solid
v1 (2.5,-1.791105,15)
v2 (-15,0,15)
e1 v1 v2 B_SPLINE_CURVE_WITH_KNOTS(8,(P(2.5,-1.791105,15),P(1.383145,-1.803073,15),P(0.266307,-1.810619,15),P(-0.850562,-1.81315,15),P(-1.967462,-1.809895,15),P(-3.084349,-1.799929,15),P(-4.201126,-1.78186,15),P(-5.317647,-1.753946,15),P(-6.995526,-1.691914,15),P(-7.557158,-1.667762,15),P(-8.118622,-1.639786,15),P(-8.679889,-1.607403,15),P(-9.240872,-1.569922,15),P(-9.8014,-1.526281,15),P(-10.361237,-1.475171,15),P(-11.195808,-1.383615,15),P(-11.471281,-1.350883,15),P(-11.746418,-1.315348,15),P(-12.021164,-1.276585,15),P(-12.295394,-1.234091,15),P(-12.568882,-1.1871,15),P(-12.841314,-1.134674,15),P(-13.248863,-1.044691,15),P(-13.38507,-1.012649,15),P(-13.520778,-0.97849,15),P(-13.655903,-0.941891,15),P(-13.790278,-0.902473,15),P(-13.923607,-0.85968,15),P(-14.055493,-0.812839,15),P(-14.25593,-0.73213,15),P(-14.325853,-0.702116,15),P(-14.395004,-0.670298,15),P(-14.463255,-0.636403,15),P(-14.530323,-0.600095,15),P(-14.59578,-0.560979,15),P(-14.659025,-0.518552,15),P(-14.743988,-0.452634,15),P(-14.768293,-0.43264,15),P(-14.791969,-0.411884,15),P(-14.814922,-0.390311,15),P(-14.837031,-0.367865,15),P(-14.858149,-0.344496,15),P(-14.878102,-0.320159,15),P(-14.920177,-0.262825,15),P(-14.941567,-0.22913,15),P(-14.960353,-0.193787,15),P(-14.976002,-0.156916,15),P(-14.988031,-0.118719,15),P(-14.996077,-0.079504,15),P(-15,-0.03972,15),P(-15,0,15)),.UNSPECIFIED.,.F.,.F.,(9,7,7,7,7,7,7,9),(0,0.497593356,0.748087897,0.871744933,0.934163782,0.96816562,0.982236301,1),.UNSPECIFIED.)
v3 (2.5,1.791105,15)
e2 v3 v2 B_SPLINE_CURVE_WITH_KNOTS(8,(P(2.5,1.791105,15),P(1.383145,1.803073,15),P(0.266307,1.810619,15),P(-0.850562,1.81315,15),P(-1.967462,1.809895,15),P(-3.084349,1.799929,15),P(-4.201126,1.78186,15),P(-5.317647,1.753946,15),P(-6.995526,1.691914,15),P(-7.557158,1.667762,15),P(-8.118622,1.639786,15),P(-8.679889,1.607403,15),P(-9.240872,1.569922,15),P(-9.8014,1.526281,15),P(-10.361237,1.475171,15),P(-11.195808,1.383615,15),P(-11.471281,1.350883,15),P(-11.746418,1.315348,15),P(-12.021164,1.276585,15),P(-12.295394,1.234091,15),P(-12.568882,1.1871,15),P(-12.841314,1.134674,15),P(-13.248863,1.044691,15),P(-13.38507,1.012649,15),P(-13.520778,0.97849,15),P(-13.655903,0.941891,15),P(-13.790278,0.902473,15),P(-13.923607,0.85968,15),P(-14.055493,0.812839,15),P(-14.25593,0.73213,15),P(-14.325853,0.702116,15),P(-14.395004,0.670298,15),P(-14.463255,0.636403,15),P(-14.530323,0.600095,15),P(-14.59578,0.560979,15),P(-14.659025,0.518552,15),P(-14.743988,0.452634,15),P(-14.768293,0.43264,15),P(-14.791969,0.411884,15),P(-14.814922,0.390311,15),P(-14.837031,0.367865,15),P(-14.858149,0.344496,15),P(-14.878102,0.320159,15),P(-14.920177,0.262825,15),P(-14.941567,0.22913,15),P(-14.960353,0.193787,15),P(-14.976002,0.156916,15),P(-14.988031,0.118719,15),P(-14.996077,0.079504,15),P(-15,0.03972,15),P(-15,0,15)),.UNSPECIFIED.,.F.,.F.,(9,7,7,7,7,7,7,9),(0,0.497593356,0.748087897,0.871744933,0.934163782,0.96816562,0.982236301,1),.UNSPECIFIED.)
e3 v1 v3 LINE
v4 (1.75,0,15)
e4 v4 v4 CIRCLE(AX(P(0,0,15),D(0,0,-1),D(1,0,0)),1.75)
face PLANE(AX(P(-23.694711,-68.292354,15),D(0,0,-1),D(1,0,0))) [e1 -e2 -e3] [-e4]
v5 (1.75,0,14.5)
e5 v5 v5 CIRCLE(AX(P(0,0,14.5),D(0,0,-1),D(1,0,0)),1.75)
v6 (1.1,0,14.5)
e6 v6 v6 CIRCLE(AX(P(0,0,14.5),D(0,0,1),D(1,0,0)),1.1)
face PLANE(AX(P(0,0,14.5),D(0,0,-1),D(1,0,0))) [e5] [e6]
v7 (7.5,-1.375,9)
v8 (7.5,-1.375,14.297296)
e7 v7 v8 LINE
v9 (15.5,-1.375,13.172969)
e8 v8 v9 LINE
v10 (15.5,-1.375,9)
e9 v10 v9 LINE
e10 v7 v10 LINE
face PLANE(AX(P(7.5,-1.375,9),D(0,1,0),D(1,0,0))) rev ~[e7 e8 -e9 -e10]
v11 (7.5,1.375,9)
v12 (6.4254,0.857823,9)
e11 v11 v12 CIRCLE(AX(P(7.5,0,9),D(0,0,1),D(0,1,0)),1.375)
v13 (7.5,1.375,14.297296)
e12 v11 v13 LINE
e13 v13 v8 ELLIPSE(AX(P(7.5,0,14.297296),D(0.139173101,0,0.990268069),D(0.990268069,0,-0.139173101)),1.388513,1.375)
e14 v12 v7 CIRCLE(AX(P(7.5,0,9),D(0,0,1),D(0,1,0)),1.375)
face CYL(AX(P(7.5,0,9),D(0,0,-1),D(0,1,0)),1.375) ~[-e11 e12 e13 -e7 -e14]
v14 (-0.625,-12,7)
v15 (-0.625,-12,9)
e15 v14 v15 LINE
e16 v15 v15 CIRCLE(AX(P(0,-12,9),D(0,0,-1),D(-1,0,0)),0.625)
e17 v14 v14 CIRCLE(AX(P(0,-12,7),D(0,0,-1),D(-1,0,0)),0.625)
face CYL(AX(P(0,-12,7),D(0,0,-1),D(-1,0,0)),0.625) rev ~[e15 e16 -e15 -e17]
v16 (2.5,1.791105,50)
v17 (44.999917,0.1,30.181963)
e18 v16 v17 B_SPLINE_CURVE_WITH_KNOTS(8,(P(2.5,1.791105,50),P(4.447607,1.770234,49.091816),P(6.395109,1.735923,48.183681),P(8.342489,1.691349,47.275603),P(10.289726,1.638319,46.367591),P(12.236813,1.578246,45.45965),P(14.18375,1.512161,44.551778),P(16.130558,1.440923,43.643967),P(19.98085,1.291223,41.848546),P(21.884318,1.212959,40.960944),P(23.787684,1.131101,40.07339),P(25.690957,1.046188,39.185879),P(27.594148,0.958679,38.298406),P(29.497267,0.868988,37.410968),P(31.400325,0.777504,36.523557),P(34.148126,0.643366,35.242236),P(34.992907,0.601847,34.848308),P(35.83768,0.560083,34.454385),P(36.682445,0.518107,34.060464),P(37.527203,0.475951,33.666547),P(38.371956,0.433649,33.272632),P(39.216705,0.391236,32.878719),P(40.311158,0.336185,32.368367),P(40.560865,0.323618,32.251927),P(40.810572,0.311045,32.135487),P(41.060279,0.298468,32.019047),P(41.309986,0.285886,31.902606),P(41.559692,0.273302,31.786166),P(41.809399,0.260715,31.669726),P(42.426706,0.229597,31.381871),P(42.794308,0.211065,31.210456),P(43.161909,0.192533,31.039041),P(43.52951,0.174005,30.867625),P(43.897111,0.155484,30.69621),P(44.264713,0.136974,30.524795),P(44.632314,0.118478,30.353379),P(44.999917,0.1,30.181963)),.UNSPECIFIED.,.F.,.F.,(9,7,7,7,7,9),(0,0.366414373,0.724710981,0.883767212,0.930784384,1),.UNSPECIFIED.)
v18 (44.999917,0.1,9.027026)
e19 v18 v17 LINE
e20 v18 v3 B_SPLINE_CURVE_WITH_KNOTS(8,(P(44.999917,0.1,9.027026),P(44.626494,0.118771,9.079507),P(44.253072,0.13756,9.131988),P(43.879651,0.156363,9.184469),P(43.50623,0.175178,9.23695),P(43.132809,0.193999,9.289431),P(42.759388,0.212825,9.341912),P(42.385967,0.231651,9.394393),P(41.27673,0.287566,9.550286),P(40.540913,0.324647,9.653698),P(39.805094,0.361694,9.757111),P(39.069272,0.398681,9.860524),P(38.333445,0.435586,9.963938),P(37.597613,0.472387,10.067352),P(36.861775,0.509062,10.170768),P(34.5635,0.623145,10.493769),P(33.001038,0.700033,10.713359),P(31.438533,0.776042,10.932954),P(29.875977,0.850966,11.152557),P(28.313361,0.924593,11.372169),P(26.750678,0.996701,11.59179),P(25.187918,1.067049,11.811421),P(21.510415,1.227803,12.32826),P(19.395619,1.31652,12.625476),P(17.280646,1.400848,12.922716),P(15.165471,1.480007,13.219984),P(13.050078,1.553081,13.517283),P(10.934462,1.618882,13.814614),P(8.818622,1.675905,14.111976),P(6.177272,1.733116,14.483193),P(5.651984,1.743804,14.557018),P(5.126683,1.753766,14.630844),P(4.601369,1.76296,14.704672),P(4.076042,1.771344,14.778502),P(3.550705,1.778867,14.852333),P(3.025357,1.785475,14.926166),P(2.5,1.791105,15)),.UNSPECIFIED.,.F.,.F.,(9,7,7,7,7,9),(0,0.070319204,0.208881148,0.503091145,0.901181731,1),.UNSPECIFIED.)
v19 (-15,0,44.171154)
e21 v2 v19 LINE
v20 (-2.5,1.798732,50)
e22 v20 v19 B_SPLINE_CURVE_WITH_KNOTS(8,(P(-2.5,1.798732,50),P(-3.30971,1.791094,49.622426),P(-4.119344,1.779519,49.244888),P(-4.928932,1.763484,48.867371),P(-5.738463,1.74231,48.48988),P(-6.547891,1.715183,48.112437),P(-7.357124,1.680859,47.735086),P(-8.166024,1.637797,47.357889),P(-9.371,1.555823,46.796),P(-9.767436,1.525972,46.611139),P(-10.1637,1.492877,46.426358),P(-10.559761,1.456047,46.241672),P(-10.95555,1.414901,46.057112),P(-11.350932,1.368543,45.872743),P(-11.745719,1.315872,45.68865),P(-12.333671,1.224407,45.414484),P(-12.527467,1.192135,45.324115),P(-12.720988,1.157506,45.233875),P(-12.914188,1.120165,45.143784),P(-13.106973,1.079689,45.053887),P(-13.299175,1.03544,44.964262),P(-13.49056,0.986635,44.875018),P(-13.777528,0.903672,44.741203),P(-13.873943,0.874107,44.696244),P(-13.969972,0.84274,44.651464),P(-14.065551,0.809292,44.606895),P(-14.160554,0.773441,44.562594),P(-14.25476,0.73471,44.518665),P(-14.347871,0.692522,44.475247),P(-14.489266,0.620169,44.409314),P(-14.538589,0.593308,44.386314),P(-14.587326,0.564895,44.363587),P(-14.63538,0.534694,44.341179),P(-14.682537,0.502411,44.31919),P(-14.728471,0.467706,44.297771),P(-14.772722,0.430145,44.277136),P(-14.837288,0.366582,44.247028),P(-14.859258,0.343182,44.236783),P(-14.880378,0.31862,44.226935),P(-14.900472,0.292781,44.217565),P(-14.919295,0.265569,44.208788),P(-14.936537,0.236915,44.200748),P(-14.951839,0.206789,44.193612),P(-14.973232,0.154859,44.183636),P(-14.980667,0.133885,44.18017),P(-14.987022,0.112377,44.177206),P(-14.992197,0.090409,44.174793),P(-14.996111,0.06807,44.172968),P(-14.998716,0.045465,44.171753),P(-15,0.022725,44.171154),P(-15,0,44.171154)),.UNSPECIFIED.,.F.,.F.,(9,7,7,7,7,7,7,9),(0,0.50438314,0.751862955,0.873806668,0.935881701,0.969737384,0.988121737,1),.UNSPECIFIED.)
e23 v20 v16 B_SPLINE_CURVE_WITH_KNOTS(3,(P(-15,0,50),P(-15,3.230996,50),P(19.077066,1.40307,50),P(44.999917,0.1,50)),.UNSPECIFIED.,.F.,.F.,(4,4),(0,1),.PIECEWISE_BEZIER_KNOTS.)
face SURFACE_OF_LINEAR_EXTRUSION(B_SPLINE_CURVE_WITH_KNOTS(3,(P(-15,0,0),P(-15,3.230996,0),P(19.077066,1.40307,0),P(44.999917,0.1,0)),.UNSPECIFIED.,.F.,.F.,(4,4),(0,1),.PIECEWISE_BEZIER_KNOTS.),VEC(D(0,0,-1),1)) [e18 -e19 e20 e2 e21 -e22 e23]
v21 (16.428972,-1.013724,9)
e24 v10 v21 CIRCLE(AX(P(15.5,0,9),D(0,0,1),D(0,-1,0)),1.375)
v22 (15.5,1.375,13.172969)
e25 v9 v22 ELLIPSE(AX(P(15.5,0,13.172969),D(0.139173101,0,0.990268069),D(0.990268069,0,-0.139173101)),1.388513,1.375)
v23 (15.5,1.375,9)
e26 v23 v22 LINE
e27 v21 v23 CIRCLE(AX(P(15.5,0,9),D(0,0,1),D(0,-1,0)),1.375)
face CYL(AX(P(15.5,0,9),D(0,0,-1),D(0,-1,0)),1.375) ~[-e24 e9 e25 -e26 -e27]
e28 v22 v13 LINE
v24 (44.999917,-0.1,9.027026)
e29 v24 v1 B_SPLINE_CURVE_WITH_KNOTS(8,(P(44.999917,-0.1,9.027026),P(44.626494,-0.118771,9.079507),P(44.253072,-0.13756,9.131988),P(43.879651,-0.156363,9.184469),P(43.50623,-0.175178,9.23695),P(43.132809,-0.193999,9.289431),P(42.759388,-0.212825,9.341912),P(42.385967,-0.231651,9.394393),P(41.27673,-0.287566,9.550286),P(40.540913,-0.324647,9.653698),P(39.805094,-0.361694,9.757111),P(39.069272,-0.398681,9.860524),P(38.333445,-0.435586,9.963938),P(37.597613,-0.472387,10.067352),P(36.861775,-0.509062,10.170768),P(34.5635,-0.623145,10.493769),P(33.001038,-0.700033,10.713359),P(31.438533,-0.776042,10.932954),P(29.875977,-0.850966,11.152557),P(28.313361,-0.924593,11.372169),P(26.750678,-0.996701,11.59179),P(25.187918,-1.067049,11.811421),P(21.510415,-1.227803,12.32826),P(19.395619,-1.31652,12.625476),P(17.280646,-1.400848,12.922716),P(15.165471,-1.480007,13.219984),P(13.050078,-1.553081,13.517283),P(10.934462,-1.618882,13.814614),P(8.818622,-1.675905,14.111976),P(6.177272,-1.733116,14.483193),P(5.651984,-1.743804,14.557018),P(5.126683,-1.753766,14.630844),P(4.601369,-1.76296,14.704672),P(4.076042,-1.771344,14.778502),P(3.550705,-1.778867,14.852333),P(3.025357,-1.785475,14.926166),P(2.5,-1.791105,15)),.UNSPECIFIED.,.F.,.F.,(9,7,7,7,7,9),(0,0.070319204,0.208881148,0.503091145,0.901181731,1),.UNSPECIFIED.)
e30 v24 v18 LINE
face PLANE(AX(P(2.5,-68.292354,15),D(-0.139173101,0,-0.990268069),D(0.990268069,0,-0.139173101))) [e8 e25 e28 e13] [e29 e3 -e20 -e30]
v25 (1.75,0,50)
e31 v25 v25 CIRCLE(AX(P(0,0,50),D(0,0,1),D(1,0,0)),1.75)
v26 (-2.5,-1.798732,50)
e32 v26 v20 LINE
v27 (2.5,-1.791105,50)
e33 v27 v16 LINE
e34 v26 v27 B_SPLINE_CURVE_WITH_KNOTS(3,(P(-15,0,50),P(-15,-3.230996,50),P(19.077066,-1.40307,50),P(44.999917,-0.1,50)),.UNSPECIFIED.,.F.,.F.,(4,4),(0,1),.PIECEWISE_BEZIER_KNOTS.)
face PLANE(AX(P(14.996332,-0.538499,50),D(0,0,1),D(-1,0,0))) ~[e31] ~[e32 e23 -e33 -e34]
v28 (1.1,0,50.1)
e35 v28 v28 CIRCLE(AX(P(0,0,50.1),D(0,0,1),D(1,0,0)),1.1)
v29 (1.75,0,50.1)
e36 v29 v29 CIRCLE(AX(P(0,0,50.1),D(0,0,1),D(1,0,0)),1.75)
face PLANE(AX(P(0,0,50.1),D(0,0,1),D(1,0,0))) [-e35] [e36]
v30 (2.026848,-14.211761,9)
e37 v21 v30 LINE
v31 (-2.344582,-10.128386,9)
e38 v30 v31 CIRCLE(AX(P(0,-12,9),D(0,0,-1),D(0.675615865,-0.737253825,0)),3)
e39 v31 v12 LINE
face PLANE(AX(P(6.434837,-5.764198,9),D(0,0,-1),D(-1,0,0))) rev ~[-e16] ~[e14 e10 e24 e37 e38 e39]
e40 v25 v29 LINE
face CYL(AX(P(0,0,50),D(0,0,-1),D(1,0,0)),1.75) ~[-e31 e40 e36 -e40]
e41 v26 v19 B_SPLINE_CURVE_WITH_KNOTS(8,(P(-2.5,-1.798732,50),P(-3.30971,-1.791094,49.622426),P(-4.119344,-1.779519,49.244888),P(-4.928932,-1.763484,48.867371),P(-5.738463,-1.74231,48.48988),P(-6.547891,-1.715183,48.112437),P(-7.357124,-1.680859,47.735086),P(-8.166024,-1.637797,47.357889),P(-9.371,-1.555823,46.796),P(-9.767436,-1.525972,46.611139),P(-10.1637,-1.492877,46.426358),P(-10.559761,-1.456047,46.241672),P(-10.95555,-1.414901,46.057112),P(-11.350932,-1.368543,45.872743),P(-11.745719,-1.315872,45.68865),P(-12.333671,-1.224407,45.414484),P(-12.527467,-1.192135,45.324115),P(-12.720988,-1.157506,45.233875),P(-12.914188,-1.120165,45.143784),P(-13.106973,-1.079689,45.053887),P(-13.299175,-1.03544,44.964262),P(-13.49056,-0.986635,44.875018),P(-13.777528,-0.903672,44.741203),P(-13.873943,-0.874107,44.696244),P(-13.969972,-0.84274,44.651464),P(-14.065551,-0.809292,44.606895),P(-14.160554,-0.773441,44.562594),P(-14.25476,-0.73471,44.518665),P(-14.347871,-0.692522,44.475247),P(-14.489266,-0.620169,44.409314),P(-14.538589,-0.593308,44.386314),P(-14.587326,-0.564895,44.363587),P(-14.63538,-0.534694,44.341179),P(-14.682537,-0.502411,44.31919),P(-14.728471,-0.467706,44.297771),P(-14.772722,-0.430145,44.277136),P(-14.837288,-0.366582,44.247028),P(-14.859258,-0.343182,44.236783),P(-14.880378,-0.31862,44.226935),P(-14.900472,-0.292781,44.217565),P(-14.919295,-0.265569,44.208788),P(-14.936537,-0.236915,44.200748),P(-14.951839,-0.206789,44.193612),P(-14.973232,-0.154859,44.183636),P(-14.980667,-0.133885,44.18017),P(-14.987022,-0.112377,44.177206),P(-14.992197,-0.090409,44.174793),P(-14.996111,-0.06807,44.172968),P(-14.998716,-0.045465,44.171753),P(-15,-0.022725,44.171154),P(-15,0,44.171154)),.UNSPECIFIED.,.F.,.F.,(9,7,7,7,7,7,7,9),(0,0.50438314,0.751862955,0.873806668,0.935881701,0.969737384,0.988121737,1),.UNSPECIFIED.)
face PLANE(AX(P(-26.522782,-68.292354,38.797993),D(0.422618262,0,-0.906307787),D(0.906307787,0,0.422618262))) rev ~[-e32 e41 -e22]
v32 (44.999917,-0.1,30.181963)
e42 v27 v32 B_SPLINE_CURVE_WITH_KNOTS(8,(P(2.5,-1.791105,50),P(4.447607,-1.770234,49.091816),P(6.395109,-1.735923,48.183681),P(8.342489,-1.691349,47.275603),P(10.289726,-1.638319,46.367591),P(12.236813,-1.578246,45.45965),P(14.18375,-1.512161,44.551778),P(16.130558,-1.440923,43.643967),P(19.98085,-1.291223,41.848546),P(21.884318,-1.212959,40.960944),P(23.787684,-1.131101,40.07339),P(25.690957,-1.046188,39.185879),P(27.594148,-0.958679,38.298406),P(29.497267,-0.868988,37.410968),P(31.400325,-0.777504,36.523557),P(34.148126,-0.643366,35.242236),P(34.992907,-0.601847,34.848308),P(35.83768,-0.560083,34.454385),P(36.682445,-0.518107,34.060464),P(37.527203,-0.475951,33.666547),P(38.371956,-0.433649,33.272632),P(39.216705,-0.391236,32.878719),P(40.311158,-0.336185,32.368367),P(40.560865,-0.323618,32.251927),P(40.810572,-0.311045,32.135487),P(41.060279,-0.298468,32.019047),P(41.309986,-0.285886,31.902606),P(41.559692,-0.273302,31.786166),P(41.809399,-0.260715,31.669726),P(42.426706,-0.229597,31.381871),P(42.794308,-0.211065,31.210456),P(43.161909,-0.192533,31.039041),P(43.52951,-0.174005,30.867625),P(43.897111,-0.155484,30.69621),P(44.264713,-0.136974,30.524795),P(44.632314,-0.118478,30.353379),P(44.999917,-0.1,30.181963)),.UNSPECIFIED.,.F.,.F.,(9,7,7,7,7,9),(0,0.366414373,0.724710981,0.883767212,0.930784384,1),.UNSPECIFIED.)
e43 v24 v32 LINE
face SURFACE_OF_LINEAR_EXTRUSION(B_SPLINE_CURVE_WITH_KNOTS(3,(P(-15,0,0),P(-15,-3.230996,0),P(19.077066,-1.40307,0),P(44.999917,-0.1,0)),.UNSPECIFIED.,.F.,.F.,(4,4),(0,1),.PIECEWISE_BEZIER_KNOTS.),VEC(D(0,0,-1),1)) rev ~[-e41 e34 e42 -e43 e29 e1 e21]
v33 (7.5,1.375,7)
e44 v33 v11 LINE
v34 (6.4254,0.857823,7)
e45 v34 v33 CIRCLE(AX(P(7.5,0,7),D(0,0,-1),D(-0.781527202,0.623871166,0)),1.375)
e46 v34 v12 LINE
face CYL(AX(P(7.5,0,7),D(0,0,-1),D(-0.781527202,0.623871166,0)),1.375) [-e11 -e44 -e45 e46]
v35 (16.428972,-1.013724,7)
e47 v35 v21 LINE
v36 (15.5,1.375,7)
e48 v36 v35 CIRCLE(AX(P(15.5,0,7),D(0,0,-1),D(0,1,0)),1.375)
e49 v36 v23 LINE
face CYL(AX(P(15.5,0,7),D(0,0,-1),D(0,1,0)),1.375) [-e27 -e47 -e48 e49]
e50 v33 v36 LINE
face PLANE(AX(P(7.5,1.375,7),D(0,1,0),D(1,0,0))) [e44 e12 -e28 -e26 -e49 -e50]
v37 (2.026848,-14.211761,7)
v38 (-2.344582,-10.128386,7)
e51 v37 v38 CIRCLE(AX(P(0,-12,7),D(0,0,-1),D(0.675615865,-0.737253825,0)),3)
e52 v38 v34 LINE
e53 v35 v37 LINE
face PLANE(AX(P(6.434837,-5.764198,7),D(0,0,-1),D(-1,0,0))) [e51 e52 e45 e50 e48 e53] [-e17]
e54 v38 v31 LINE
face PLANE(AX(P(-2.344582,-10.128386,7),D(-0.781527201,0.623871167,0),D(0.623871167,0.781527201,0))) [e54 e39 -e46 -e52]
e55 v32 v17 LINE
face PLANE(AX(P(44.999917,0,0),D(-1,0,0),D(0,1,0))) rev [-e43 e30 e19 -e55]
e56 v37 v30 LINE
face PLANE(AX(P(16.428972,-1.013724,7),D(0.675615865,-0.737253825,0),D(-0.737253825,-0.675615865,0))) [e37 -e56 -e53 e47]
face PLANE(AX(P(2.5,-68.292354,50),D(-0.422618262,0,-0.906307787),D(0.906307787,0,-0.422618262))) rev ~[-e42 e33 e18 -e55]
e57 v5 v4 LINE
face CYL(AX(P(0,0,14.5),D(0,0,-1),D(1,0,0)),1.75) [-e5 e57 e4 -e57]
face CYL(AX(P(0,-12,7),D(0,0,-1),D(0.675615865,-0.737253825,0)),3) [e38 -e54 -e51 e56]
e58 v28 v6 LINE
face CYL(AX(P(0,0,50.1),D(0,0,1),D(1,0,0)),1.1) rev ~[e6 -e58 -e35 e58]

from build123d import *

# Parameters (mm, degrees)
BOSS_EXTRUDE1_DEPTH     = 50
CUT_EXTRUDE1_DEPTH      = 68.292354146
CUT_EXTRUDE1_DEPTH_BACK = 68.292354146
SKETCH3_R               = 1.75
BOSS_EXTRUDE2_DEPTH     = 0.1
BOSS_EXTRUDE3_START     = 0.5
SKETCH5_R               = 1.75
BOSS_EXTRUDE3_DEPTH     = 0.5
SKETCH4_R               = 1.1
CUT_EXTRUDE2_DEPTH      = 61.952851438
BOSS_EXTRUDE4_REACH     = 62.971
BOSS_EXTRUDE5_START     = 2
BOSS_EXTRUDE5_DEPTH     = 2
SKETCH8_R               = 0.625
CUT_EXTRUDE3_DEPTH      = 65.090580501


with BuildPart() as part:
    # Sketch1 → Boss-Extrude1 (new body)
    with BuildSketch(Plane.XY):
        with BuildLine():
            Line((-15, 0), (44.999916667, 0))
            Line((44.999916667, 0), (44.999916667, 0.1))
            add(Edge.make_bspline(
                [(-15, 0), (-15, 3.230995927), (19.077066257, 1.403070244), (44.999916667, 0.1)],
                knots=[0, 0, 0, 0, 1, 1, 1, 1], degree=3))
        make_face()
    boss_extrude1 = extrude(amount=BOSS_EXTRUDE1_DEPTH)

    # Mirror1: Boss-Extrude1 across plane
    add(boss_extrude1.mirror(Plane(origin=(-15, 0, 50), x_dir=(0, 0, 1), z_dir=(0, 1, 0))))

    # Sketch2 → Cut-Extrude1 (cut, two sides: drawn at the far end of the back side and taken through both)
    with BuildSketch(Plane(origin=(0, 0, 0), x_dir=(1, 0, 0), z_dir=(0, 1, 0)).offset(-CUT_EXTRUDE1_DEPTH_BACK)):
        Polygon((-26.522782457, -38.79799257), (-2.5, -50), (2.5, -50), (51.792235583, -27.01465306), (51.792235583, -55.115877471), (-26.522782457, -55.115877471), align=None)
        Polygon((-2.5, -15), (2.5, -15), (50.354863493, -8.27443754), (50.354863493, 7.033487097), (-23.694710504, 7.033487097), (-23.694710504, -15), align=None)
    extrude(amount=CUT_EXTRUDE1_DEPTH + CUT_EXTRUDE1_DEPTH_BACK, mode=Mode.SUBTRACT)

    # Sketch3 → Boss-Extrude2 (add)
    with BuildSketch(Plane.XY.offset(50)):
        Circle(SKETCH3_R)
    extrude(amount=BOSS_EXTRUDE2_DEPTH)

    # Sketch5 → Boss-Extrude3 (add)
    with BuildSketch(Plane(origin=(0, 0, 15), x_dir=(-1, 0, 0), z_dir=(0, 0, -1)).offset(BOSS_EXTRUDE3_START)):
        with Locations(Location((0, 0, 0), (0, 0, 180))):
            Circle(SKETCH5_R)
    extrude(amount=-BOSS_EXTRUDE3_DEPTH)

    # Sketch4 → Cut-Extrude2 (cut, through all)
    with BuildSketch(Plane.XY.offset(50.1)):
        Circle(SKETCH4_R)
    extrude(amount=-CUT_EXTRUDE2_DEPTH, mode=Mode.SUBTRACT)

    # Boss-Extrude4: up to this plane
    boss_extrude4_end = Plane(origin=(50.354863493, -1.966265525, 8.27443754), z_dir=(0.1391731009600588, 0, 0.9902680687415713))
    # Sketch6 → Boss-Extrude4 (add, up to the surface)
    with BuildSketch(Plane(origin=(0, 0, 9), x_dir=(-1, 0, 0), z_dir=(0, 0, -1)), mode=Mode.PRIVATE) as boss_extrude4_sk1:
        with BuildLine():
            Line((-7.5, -1.375), (-15.5, -1.375))
            ThreePointArc((-15.5, -1.375), (-16.875, 0), (-15.5, 1.375))
            Line((-15.5, 1.375), (-7.5, 1.375))
            ThreePointArc((-7.5, 1.375), (-6.125, 0), (-7.5, -1.375))
        make_face()
    boss_extrude4_tool1 = split(extrude(boss_extrude4_sk1.sketch, amount=-BOSS_EXTRUDE4_REACH, mode=Mode.PRIVATE), bisect_by=boss_extrude4_end, keep=Keep.BOTH, mode=Mode.PRIVATE)
    add(boss_extrude4_tool1.solids().sort_by_distance((11.5, 0, 9))[0])

    # Sketch7 → Boss-Extrude5 (add)
    with BuildSketch(Plane(origin=(0, 0, 9), x_dir=(-1, 0, 0), z_dir=(0, 0, -1)).offset(BOSS_EXTRUDE5_START)):
        with BuildLine():
            Line((-16.428971814, -1.01372401), (-2.026847595, -14.211761476))
            ThreePointArc((-2.026847595, -14.211761476), (2.047859011, -14.19232148), (2.344581604, -10.128386498))
            Line((2.344581604, -10.128386498), (-6.425400098, 0.857822855))
            ThreePointArc((-6.425400098, 0.857822855), (-6.903712077, 1.238977689), (-7.5, 1.375))
            Line((-7.5, 1.375), (-15.5, 1.375))
            ThreePointArc((-15.5, 1.375), (-16.781502149, 0.498374601), (-16.428971814, -1.01372401))
        make_face()
    extrude(amount=-BOSS_EXTRUDE5_DEPTH)

    # Sketch8 → Cut-Extrude3 (cut, through all)
    with BuildSketch(Plane(origin=(0, 0, 7), x_dir=(-1, 0, 0), z_dir=(0, 0, -1))):
        with Locations((0, -12)):
            Circle(SKETCH8_R)
    extrude(amount=-CUT_EXTRUDE3_DEPTH, mode=Mode.SUBTRACT)


solid = part.part
